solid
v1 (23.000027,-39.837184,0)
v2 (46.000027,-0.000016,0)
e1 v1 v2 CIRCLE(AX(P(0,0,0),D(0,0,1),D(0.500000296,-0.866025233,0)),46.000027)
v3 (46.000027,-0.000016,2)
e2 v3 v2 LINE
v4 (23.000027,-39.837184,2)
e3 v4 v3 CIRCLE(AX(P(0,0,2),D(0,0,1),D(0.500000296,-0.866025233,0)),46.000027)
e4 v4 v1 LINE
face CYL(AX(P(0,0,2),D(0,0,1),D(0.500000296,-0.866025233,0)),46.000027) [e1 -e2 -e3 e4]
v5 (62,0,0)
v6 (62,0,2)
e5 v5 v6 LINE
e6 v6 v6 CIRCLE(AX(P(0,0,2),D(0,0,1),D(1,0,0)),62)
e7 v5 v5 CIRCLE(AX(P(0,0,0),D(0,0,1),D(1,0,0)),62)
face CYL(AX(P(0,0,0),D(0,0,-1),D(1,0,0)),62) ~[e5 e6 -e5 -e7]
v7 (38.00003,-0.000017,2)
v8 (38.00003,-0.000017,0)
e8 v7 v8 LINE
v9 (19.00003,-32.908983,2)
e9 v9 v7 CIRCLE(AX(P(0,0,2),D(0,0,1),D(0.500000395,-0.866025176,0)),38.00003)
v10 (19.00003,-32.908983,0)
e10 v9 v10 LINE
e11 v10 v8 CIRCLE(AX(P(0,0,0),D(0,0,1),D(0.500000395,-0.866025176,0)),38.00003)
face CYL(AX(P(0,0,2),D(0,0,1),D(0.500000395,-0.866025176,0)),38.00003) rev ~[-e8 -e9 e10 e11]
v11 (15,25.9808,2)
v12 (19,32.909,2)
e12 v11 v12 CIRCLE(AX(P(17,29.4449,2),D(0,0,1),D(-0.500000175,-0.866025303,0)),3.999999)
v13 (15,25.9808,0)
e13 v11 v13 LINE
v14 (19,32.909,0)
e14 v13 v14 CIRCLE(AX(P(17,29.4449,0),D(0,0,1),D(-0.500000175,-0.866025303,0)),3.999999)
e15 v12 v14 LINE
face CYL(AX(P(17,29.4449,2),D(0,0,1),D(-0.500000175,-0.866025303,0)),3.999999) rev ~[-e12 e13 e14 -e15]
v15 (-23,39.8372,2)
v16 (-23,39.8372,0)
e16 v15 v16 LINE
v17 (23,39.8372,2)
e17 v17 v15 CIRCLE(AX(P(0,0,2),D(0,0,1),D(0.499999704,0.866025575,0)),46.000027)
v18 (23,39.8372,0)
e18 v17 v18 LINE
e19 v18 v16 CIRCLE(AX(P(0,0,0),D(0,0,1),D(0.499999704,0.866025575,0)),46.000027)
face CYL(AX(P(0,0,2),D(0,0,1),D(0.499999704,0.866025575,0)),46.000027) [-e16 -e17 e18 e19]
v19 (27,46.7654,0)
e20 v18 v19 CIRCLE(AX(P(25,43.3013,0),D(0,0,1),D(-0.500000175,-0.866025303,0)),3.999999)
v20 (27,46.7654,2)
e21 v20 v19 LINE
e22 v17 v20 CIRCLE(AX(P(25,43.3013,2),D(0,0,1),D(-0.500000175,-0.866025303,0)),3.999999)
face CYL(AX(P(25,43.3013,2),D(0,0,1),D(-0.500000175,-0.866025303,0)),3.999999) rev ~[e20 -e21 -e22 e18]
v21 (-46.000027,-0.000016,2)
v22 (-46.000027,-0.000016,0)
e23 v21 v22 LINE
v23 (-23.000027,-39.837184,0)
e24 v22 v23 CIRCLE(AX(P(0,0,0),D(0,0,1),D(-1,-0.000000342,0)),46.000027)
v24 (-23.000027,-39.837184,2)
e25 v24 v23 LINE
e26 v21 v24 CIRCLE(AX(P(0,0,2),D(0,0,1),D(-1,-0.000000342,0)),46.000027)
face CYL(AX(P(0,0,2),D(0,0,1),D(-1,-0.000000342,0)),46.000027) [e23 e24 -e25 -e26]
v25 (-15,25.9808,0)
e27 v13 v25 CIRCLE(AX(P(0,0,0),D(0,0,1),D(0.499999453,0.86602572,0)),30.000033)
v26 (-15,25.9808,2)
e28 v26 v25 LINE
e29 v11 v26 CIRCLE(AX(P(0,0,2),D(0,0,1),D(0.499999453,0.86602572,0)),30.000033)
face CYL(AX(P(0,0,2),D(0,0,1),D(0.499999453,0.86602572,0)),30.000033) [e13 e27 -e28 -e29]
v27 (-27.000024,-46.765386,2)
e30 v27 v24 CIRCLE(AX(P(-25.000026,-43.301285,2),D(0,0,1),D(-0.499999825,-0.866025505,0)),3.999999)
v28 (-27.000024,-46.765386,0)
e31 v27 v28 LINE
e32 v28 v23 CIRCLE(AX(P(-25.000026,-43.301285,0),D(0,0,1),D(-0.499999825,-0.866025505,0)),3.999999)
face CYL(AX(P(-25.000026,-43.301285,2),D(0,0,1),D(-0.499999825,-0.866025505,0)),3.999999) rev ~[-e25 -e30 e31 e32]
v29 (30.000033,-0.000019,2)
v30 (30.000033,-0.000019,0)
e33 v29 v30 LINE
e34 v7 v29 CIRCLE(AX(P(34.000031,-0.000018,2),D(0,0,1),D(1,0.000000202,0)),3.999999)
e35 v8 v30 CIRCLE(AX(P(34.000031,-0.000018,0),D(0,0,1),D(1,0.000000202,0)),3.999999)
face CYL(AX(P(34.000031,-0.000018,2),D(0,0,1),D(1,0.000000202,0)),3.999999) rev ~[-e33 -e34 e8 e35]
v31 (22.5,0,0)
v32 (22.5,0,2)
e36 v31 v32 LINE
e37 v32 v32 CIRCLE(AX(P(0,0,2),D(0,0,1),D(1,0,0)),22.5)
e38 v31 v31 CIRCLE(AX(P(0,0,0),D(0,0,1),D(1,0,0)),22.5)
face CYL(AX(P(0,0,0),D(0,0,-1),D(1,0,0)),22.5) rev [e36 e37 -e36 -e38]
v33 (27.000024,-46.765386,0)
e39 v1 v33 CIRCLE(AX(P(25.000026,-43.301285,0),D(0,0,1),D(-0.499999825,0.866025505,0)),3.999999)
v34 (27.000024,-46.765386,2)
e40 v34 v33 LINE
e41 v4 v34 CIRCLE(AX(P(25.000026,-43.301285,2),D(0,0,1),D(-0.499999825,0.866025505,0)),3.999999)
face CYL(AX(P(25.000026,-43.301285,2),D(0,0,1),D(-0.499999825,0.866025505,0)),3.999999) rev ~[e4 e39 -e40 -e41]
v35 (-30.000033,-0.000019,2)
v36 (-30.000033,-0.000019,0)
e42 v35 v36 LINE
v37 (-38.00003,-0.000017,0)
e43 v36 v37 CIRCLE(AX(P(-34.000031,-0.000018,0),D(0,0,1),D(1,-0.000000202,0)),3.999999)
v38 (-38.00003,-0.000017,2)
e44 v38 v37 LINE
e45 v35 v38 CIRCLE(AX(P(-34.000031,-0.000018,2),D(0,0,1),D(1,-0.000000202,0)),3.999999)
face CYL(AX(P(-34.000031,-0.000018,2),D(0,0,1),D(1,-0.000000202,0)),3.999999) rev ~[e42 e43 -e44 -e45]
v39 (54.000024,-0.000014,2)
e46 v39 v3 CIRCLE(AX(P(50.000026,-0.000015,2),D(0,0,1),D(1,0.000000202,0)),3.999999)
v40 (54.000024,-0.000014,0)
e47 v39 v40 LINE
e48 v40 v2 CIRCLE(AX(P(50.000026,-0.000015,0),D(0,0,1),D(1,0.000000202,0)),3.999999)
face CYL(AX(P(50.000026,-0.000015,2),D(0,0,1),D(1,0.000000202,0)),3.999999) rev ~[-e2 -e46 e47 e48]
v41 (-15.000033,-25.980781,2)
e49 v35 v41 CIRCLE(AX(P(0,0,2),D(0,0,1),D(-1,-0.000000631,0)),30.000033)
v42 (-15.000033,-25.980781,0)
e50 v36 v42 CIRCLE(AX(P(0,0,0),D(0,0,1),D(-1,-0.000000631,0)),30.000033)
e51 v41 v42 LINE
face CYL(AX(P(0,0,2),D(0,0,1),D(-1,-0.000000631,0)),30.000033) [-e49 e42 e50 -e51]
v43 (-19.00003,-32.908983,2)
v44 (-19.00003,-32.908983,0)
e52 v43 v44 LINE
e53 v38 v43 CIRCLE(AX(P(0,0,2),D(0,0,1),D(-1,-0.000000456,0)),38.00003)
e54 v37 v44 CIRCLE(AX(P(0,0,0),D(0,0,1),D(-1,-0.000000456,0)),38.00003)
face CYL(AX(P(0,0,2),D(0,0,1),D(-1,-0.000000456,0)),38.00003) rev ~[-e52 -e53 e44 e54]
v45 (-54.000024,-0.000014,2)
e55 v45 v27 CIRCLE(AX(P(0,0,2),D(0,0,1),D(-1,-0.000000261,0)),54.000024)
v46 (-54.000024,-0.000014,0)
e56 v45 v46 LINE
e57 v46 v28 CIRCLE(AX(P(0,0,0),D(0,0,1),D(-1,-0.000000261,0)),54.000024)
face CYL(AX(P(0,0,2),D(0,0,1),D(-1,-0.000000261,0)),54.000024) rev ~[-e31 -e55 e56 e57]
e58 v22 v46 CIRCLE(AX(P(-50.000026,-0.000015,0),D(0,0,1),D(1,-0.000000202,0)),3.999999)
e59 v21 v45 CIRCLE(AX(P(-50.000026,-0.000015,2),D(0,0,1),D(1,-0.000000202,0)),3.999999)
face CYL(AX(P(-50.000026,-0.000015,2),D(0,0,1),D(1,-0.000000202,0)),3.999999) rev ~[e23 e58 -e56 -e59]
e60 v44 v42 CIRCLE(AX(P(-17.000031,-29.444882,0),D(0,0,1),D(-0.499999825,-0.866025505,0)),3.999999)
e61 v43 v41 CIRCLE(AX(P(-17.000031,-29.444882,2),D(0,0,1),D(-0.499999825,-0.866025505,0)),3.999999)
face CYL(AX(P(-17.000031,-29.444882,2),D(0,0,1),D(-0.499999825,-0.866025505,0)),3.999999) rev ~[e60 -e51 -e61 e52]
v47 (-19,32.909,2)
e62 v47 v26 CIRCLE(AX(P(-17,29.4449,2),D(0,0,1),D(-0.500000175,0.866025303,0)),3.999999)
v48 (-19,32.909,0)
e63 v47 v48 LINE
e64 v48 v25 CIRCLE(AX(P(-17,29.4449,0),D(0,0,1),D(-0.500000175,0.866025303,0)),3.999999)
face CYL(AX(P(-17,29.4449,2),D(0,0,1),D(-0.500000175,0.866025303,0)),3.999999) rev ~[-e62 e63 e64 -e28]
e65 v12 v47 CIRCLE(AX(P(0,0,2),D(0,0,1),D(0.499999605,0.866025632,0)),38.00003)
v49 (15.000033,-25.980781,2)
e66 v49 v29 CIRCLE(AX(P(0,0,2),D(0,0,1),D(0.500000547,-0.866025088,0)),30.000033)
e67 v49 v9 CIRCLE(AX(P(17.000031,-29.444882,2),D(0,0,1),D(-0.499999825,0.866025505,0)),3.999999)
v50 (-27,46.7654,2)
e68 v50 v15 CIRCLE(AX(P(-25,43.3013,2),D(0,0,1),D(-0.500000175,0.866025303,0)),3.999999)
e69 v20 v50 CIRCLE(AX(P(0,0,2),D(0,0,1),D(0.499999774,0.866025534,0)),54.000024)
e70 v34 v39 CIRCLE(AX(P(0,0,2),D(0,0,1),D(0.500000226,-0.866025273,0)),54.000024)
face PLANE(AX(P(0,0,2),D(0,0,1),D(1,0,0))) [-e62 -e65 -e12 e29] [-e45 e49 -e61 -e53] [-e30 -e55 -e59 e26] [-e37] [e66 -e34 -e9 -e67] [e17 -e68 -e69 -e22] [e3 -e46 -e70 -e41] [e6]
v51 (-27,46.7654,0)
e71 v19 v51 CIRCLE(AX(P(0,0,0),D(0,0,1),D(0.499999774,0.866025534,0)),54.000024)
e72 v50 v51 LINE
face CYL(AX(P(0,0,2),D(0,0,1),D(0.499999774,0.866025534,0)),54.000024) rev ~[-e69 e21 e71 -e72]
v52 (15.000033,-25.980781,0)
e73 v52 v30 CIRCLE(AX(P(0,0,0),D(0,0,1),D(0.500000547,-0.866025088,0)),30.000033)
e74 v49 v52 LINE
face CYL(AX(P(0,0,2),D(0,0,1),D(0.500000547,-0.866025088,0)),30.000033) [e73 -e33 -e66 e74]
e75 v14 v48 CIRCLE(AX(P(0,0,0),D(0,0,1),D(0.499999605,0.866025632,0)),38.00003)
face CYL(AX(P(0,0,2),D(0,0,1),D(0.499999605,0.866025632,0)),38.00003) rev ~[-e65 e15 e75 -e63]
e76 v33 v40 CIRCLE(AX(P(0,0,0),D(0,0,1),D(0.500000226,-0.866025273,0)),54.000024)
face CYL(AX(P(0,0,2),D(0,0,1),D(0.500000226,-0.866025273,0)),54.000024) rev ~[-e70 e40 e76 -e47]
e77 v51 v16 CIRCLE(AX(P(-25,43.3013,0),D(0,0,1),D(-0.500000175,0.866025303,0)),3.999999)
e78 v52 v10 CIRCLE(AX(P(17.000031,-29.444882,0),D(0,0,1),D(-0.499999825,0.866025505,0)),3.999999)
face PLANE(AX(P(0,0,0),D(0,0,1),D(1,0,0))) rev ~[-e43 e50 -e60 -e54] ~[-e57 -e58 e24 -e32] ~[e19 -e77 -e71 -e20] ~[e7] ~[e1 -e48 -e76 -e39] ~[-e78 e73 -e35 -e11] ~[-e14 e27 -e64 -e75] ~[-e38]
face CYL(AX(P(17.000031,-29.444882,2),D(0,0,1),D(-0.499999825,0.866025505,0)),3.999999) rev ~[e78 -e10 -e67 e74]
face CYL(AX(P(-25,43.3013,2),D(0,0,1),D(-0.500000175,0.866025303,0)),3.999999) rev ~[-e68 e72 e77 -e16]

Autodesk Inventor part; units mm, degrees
ref_plane "YZ Plane" through (0, 0, 0) normal (1, 0, 0) x (0, 1, 0)
ref_plane "XZ Plane" through (0, 0, 0) normal (0, 1, 0) x (-1, 0, 0)
ref_plane "XY Plane" through (0, 0, 0) normal (0, 0, 1) x (1, 0, 0)
sketch "Эскиз1" plane through (0, 0, 0) normal (0, 0, 1) x (1, 0, 0)
  circle A0 centre (0, 0) radius 62
  circle A1 centre (0, 0) radius 22.5
  dimension "d0" = 124
  dimension "d15" = 45
extrude "Выдавливание1" add sketch "Эскиз1" along normal blind 2
sketch "Эскиз2" plane through (0, 0, 2) normal (0, 0, 1) x (1, 0, 0)
  arc A0 (17, 29.4449) -> (-17, 29.4449) centre (0, 0) ccw construction
  arc A1 (19, 32.909) -> (-19, 32.909) centre (0, 0) ccw
  arc A2 (15, 25.9808) -> (-15, 25.9808) centre (0, 0) ccw
  arc A3 (15, 25.9808) -> (19, 32.909) centre (17, 29.4449) ccw
  arc A4 (-19, 32.909) -> (-15, 25.9808) centre (-17, 29.4449) ccw
  line L0 (0, 0) -> (-17, 29.4449) construction
  line L1 (0, 0) -> (34, 0) construction
  line L2 (0, 0) -> (17, 29.4449) construction
  arc A5 (25, 43.3013) -> (-25, 43.3013) centre (0, 0) ccw construction
  arc A6 (27, 46.7654) -> (-27, 46.7654) centre (0, 0) ccw
  arc A7 (23, 39.8372) -> (-23, 39.8372) centre (0, 0) ccw
  arc A8 (23, 39.8372) -> (27, 46.7654) centre (25, 43.3013) ccw
  arc A9 (-27, 46.7654) -> (-23, 39.8372) centre (-25, 43.3013) ccw
  line L3 (0, 0) -> (-25, 43.3013) construction
  line L4 (0, 0) -> (50, 0) construction
  line L5 (0, 0) -> (25, 43.3013) construction
  arc A10 (33, 57.1577) -> (-33, 57.1577) centre (0, 0) ccw construction
  line L6 (0, 0) -> (-33, 57.1577) construction
  line L7 (0, 0) -> (66, 0) construction
  line L8 (0, 0) -> (33, 57.1577) construction
  dimension "d3" = 34
  dimension "d4" = 120
  dimension "d5" = 60
  dimension "d6" = 8
  dimension "d7" = 50
  dimension "d8" = 120
  dimension "d9" = 60
  dimension "d10" = 8
  dimension "d11" = 66
  dimension "d12" = 120
  dimension "d13" = 60
extrude "Выдавливание2" cut sketch "Эскиз2" against normal through all
pattern_circular "Круговой массив1" count 3 over 360 about axis through (0, 0, 0) along (0, 0, 1) of "Выдавливание2"
properties part number "Ограничитель" material "Сталь, высокопрочная, низколегированная"
